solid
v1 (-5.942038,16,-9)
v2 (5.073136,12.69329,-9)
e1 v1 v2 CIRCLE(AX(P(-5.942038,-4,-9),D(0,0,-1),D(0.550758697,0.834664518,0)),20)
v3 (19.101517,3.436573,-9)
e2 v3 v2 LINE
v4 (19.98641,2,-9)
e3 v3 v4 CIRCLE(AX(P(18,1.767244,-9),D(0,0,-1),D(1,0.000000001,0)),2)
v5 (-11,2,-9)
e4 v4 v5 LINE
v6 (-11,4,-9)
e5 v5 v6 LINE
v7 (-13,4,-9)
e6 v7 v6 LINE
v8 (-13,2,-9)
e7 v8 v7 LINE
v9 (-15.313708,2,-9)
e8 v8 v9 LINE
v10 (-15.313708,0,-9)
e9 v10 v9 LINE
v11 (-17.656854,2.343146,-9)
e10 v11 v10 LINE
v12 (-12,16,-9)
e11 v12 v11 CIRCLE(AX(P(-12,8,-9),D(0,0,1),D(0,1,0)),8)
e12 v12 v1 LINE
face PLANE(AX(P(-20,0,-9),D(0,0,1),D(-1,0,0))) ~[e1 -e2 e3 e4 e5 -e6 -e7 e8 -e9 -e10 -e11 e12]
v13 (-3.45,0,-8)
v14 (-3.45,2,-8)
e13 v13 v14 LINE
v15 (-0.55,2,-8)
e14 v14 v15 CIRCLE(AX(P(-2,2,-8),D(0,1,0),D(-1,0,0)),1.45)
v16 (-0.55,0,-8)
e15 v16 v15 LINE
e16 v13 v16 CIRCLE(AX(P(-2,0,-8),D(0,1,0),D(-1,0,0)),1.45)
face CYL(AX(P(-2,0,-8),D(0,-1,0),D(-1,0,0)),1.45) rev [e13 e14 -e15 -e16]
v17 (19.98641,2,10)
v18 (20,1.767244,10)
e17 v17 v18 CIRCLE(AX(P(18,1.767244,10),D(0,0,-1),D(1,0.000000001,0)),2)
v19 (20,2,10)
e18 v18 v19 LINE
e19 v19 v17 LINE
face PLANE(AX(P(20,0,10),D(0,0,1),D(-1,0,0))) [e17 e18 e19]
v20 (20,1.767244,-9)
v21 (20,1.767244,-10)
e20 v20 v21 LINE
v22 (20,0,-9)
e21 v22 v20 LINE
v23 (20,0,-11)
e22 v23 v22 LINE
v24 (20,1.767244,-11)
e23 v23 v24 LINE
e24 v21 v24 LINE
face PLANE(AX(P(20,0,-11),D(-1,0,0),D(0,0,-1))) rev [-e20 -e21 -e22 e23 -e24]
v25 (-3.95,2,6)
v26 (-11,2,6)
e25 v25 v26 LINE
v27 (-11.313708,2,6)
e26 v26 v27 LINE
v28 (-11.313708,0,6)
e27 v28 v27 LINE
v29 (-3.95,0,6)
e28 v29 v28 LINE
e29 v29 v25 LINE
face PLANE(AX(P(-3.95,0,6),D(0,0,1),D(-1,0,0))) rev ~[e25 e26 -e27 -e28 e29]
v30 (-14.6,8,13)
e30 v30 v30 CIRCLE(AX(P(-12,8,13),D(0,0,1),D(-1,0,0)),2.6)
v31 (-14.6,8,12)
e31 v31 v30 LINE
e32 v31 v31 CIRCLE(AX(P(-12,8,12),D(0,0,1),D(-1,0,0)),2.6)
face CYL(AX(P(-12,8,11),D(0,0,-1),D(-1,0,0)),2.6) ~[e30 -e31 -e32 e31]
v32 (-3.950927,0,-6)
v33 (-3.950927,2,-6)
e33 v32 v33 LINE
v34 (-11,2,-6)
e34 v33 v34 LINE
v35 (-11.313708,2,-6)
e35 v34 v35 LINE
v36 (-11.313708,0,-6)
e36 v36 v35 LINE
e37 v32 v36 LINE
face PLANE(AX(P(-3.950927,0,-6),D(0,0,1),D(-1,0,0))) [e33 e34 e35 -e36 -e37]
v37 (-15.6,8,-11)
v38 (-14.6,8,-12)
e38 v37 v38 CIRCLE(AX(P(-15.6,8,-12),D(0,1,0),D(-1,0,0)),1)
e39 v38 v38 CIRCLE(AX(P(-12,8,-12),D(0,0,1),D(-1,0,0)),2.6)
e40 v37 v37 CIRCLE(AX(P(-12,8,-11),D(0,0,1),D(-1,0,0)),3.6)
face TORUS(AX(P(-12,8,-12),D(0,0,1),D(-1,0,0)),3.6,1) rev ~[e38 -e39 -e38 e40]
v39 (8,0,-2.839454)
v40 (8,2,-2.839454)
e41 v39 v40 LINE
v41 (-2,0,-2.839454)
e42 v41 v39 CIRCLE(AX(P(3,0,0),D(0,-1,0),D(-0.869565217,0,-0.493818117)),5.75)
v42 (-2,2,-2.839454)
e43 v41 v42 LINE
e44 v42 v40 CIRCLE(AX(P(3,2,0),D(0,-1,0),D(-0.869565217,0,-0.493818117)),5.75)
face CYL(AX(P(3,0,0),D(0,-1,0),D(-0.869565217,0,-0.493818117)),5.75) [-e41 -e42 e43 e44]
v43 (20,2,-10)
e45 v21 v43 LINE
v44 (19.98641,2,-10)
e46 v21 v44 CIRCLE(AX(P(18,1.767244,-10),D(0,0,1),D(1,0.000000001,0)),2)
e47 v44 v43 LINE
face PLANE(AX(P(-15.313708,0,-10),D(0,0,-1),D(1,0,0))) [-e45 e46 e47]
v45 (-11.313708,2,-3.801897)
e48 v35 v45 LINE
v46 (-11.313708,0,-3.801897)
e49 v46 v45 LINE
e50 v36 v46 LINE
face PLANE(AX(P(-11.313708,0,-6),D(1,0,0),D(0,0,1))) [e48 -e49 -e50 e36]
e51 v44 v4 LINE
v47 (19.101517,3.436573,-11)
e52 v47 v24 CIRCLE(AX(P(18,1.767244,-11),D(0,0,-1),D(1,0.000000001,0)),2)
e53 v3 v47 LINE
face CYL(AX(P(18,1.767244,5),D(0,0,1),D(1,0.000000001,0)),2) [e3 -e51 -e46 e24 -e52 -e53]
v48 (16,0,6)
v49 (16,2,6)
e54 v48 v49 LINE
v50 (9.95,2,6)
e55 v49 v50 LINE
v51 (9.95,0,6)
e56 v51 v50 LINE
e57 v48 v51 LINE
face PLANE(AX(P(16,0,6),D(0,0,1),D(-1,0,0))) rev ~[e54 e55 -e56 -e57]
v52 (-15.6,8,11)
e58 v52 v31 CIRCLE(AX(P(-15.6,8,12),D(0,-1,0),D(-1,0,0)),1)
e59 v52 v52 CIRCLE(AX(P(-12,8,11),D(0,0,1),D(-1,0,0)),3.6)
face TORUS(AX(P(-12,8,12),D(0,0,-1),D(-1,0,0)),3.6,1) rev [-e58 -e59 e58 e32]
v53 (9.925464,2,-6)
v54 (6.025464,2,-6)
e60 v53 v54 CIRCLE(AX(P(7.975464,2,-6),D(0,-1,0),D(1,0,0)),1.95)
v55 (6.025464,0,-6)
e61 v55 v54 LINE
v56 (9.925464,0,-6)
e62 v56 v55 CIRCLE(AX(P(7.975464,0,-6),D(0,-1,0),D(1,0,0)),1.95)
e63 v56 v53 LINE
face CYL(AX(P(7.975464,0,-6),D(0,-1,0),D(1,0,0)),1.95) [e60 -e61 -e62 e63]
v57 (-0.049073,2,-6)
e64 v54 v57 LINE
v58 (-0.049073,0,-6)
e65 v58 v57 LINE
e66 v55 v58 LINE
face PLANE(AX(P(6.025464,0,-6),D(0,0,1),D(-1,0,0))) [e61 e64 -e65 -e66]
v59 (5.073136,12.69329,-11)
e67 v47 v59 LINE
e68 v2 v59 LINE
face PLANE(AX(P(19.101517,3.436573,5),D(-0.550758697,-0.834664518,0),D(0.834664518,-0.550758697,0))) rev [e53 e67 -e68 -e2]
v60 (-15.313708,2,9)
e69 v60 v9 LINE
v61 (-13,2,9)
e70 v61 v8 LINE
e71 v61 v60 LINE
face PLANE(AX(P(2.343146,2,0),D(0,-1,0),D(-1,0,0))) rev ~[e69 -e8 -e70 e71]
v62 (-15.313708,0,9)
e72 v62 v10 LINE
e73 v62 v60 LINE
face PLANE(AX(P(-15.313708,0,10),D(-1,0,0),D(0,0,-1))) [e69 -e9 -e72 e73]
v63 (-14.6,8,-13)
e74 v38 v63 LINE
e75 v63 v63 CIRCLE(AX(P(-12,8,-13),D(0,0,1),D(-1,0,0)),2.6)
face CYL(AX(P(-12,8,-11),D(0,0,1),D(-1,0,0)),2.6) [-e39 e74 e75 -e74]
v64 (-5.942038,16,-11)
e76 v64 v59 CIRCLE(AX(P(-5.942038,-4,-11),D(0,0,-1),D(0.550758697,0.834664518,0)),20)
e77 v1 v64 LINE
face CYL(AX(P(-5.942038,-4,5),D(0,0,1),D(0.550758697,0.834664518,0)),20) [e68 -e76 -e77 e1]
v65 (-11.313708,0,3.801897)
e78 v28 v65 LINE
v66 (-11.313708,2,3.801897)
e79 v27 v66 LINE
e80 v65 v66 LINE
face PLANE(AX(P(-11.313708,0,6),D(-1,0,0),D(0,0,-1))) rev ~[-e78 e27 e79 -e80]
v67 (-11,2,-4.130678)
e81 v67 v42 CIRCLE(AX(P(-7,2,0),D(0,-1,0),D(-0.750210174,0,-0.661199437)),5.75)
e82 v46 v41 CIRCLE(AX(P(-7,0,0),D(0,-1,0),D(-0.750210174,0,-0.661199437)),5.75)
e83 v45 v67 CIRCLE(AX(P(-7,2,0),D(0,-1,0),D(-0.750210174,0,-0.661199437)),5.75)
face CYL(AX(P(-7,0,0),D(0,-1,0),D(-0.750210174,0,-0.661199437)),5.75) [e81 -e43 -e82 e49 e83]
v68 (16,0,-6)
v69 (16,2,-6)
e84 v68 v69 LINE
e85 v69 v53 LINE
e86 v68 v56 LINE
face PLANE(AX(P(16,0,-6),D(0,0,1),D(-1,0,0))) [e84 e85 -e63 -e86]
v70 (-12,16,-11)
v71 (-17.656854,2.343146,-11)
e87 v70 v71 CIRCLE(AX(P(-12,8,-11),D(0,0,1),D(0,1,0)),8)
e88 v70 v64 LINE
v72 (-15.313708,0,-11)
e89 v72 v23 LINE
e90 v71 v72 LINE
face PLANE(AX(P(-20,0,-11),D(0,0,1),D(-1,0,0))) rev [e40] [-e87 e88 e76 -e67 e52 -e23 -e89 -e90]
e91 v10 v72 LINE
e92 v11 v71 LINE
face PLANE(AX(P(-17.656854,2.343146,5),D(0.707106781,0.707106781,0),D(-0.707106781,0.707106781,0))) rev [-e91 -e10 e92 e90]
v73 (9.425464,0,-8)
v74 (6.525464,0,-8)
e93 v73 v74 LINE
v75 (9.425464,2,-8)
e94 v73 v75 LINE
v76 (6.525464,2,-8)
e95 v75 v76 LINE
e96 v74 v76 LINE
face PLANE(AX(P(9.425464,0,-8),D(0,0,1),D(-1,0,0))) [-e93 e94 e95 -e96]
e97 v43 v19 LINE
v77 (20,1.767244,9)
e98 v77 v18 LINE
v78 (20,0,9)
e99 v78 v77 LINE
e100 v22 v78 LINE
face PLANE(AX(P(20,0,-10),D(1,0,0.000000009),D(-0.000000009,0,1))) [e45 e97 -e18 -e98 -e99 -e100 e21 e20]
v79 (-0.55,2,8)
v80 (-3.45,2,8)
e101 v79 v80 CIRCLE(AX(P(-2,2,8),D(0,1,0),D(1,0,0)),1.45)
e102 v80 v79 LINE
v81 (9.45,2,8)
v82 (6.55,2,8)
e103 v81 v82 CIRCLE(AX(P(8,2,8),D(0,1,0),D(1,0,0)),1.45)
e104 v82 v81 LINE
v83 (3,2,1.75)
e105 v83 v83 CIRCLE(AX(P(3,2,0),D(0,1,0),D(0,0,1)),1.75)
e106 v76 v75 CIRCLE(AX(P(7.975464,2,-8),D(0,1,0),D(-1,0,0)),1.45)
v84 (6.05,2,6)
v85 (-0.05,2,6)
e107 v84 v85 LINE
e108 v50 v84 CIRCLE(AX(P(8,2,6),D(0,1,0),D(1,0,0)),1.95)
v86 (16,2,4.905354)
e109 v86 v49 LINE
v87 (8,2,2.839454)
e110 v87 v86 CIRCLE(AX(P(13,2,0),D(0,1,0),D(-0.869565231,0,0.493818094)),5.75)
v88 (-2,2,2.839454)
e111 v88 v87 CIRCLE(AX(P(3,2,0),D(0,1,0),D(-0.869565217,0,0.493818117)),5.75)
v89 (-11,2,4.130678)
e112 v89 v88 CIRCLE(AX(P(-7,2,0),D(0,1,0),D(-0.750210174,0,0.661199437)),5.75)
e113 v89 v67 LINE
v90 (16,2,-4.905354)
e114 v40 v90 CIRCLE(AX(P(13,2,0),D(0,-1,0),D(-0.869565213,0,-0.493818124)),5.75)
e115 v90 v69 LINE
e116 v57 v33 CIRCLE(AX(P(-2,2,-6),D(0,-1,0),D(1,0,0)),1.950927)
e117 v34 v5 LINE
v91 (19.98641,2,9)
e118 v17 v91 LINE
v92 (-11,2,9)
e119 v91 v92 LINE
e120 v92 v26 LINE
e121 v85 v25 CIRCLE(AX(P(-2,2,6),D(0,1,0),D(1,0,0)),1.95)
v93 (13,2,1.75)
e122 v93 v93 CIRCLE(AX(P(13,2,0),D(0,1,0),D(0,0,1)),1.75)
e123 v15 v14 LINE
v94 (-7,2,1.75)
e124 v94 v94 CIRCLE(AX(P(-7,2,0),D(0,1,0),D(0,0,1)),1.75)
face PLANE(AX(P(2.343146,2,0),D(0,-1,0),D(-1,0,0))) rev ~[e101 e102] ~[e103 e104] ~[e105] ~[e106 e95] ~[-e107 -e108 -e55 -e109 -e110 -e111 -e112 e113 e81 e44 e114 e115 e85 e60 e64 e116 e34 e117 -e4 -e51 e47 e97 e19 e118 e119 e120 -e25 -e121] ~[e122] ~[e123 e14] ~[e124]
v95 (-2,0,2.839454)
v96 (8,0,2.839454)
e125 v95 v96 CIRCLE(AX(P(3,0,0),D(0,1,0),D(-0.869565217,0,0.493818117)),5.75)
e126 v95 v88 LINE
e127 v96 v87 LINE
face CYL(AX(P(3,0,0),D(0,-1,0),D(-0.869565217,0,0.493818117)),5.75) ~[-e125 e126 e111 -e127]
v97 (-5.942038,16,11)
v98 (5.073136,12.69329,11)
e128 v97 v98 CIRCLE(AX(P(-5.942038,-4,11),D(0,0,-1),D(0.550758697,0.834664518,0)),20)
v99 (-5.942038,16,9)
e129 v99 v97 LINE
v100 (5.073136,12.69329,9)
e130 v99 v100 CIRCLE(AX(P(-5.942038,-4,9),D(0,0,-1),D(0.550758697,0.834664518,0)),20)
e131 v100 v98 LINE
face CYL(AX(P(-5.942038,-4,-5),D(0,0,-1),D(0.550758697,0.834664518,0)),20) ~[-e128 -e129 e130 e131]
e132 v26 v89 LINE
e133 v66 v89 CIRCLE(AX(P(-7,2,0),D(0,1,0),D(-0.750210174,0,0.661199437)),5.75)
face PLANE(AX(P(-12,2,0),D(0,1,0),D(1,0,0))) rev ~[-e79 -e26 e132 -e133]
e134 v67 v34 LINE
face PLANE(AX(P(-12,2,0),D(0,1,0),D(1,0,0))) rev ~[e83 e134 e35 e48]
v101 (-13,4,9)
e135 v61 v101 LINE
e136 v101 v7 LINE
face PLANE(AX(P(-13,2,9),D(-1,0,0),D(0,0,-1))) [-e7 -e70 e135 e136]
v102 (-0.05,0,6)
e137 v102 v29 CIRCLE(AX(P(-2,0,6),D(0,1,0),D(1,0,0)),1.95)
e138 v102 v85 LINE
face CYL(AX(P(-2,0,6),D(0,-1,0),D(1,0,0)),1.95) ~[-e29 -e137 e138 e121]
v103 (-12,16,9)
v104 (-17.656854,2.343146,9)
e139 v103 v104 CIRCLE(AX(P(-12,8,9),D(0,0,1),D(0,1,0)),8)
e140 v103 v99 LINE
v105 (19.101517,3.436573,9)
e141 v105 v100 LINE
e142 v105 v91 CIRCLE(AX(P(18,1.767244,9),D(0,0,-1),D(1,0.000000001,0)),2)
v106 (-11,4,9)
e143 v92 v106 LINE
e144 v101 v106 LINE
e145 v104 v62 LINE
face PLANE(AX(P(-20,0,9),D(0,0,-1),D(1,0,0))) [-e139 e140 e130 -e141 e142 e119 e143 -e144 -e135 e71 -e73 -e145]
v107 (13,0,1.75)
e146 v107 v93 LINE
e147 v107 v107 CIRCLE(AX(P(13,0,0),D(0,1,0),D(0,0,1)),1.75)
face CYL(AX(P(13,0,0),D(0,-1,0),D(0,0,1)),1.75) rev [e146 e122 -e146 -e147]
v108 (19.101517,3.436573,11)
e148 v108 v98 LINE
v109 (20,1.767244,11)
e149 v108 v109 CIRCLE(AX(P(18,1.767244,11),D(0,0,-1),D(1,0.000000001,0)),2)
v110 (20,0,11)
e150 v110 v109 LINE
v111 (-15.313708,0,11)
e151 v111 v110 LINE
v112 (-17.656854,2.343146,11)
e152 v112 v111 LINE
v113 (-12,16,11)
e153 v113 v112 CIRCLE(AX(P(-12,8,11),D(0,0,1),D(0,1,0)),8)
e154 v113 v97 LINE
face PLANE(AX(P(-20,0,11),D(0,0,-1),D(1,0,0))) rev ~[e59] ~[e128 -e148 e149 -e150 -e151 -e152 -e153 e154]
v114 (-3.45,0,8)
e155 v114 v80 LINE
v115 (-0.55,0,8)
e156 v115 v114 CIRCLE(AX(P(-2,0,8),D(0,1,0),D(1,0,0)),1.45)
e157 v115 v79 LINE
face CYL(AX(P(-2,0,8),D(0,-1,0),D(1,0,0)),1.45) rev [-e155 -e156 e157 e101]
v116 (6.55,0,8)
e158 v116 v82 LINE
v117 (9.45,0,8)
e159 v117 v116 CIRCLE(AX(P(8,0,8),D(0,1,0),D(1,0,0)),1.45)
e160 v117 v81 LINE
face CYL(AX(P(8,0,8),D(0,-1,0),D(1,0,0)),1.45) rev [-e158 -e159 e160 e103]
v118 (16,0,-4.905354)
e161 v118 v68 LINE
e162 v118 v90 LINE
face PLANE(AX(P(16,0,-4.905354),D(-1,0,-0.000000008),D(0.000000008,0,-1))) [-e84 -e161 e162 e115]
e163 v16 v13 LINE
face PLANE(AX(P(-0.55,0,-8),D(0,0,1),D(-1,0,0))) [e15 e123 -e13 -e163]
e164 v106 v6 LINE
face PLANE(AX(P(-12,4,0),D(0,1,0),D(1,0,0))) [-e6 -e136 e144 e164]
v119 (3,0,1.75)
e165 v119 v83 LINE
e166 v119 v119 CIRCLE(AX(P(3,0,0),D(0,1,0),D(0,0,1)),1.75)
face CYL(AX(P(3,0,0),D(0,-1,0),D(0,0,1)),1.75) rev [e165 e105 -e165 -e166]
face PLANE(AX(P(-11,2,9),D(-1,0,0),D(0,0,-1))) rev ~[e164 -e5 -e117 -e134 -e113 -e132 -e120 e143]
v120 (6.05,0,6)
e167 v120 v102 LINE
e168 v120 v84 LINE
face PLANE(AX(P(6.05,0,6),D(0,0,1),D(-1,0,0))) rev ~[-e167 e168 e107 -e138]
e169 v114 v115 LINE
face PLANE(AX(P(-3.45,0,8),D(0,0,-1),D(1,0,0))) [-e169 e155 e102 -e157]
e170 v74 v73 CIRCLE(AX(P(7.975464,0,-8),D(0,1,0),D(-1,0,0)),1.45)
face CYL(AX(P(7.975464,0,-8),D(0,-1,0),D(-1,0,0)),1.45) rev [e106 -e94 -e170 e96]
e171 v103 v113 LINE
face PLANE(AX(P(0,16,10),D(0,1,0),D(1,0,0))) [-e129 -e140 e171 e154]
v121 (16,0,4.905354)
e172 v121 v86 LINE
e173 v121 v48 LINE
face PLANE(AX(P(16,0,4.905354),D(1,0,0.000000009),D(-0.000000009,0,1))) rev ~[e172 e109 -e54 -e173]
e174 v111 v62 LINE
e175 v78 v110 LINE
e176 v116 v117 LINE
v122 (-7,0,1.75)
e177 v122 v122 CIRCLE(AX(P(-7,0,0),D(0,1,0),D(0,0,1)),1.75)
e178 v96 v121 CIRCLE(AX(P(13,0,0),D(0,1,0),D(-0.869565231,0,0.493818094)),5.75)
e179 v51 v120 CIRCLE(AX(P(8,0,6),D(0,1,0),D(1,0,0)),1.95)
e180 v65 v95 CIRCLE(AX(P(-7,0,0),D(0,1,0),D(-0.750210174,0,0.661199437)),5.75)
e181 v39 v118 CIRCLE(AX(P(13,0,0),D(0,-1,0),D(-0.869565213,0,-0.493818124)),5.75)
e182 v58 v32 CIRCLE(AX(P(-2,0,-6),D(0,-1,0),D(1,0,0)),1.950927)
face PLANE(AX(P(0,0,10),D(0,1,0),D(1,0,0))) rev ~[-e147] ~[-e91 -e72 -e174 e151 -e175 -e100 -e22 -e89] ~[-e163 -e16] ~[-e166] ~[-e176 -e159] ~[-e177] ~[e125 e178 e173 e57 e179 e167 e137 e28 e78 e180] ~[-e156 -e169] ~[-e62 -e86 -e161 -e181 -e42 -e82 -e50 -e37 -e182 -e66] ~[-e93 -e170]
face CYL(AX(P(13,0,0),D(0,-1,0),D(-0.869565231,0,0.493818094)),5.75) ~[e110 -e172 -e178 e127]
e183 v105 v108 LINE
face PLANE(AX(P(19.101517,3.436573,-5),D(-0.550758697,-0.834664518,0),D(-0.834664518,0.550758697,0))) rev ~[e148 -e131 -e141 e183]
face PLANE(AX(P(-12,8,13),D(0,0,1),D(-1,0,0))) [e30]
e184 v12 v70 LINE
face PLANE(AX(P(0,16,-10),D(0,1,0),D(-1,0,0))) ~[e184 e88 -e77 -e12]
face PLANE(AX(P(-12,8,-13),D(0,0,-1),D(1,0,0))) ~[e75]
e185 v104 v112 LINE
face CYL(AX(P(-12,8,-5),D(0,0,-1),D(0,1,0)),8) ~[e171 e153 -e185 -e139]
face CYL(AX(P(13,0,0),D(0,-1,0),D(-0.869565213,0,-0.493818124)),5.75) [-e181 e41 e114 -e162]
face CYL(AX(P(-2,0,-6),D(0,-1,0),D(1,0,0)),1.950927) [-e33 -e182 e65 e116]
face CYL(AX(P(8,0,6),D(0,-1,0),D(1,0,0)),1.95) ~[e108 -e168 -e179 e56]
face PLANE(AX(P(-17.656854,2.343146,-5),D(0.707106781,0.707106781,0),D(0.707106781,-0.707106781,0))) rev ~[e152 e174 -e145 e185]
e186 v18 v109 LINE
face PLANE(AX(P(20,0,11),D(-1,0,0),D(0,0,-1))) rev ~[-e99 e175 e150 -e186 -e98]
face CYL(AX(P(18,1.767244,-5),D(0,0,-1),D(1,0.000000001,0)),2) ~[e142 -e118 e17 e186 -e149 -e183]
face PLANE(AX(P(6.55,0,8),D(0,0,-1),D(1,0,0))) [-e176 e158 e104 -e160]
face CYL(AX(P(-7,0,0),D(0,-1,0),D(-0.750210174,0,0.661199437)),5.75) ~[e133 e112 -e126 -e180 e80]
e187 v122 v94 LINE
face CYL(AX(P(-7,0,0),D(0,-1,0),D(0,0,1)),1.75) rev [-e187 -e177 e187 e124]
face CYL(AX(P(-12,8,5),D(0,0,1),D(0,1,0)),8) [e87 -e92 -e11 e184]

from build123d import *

# Parameters (mm, degrees)
SKETCH6_W               = 40
SKETCH6_H               = 2
BOSS_EXTRUDE4_DEPTH     = 16
SKETCH8_R               = 2.6
BOSS_EXTRUDE5_DEPTH     = 2
FILLET1_R               = 1
CUT_EXTRUDE1_DEPTH      = 26.690465157
CUT_EXTRUDE1_DEPTH_BACK = 16
SKETCH7_W               = 42.708590122
SKETCH7_H               = 18.182038554
SKETCH14_R              = 1.749999912
SKETCH14_R_2            = 1.749999996
SKETCH14_R_3            = 1.749999993
BOSS_EXTRUDE8_DEPTH     = 2
SKETCH15_W              = 2
SKETCH15_H              = 18
EXTRUDE_THIN1_DEPTH     = 2


with BuildPart() as part:
    # Sketch6 → Boss-Extrude4 (new body)
    with BuildSketch(Plane(origin=(0, 0, 0), x_dir=(1, 0, 0), z_dir=(0, 1, 0))):
        with Locations((0, -10)):
            Rectangle(SKETCH6_W, SKETCH6_H)
    extrude(amount=BOSS_EXTRUDE4_DEPTH)

    # Sketch8 → Boss-Extrude5 (add)
    with BuildSketch(Plane.XY.offset(11)):
        with Locations(Location((-12, 8, 0), (0, 0, 180))):
            Circle(SKETCH8_R)
    extrude(amount=BOSS_EXTRUDE5_DEPTH)

    # Fillet1
    fillet1_edges = [part.edges().sort_by_distance(p)[0] for p in [
        (-9.4, 8, 11),
    ]]
    fillet(fillet1_edges, radius=FILLET1_R)

    # Sketch7 → Cut-Extrude1 (cut, two sides: drawn at the far end of the back side and taken through both)
    with BuildSketch(Plane.XY.offset(11).offset(-CUT_EXTRUDE1_DEPTH_BACK)):
        with Locations((0, 8)):
            Rectangle(SKETCH7_W, SKETCH7_H)
        with BuildLine():
            Line((-5.942038411, 16), (-12, 16))
            ThreePointArc((-12, 16), (-19.39103626, 11.061467459), (-17.656854249, 2.343145751))
            Line((-17.656854249, 2.343145751), (-15.313708499, 0))
            Line((-15.313708499, 0), (20, 0))
            Line((20, 0), (20, 1.767244224))
            ThreePointArc((20, 1.767244224), (19.761112544, 2.715127447), (19.101517394, 3.43657326))
            Line((19.101517394, 3.43657326), (5.07313553, 12.69329036))
            ThreePointArc((5.07313553, 12.69329036), (-0.191638738, 15.155492779), (-5.942038411, 16))
        make_face(mode=Mode.SUBTRACT)
    extrude(amount=CUT_EXTRUDE1_DEPTH + CUT_EXTRUDE1_DEPTH_BACK, mode=Mode.SUBTRACT)


with BuildPart() as body_2:
    # Mirror2: mirrored copy
    add(part.part.mirror(Plane.XY))


with BuildPart() as part_1:
    add(part.part)

    add(body_2.part)  # Boss-Extrude8 merges body 2
    # Sketch14 → Boss-Extrude8 (add)
    with BuildSketch(Plane(origin=(0, 0, 0), x_dir=(1, 0, 0), z_dir=(0, 1, 0))):
        Polygon((-15.313708496, -10), (-15.313708496, 10), (20.000000038, 10), (19.999999862, -10), align=None)
        with Locations(Location((12.999999996, -3e-07, 0), (0, 0, 270))):
            Circle(SKETCH14_R, mode=Mode.SUBTRACT)
        with Locations(Location((3, -1.24e-07, 0), (0, 0, 270))):
            Circle(SKETCH14_R_2, mode=Mode.SUBTRACT)
        with Locations(Location((-6.999999997, -1.24e-07, 0), (0, 0, 270))):
            Circle(SKETCH14_R_3, mode=Mode.SUBTRACT)
        with BuildLine():
            Line((16.000000003, 6), (9.925463662, 6))
            ThreePointArc((9.925463662, 6), (7.975463662, 4.05), (6.025463662, 6))
            Line((6.025463662, 6), (-0.049072678, 6))
            ThreePointArc((-0.049072678, 6), (-1.999999996, 4.049072682), (-3.950927314, 6))
            Line((-3.950927314, 6), (-11.313708496, 6))
            Line((-11.313708496, 6), (-11.313708496, 3.801896638))
            ThreePointArc((-11.313708496, 3.801896638), (-6.408964515, 5.719543307), (-1.999999996, 2.839454047))
            ThreePointArc((-1.999999996, 2.839454047), (3.000000101, 5.749999872), (8.000000096, 2.83945387))
            ThreePointArc((8.000000096, 2.83945387), (11.562298515, 5.567361143), (15.999999994, 4.905353815))
            Line((15.999999994, 4.905353815), (16.000000003, 6))
        make_face(mode=Mode.SUBTRACT)
        with BuildLine():
            Line((-11.313708496, -6), (-11.313708496, -3.801896885))
            ThreePointArc((-11.313708496, -3.801896885), (-6.408964515, -5.719543555), (-1.999999996, -2.839454295))
            ThreePointArc((-1.999999996, -2.839454295), (3, -5.75000012), (7.999999996, -2.839454295))
            ThreePointArc((7.999999996, -2.839454295), (11.562298368, -5.567361705), (15.999999907, -4.905354469))
            Line((15.999999907, -4.905354469), (15.999999897, -6))
            Line((15.999999897, -6), (9.949999996, -6))
            ThreePointArc((9.949999996, -6), (7.999999996, -4.05), (6.049999996, -6))
            Line((6.049999996, -6), (-0.049999996, -6))
            ThreePointArc((-0.049999996, -6), (-1.999999996, -4.05), (-3.949999996, -6))
            Line((-3.949999996, -6), (-11.313708496, -6))
        make_face(mode=Mode.SUBTRACT)
        with BuildLine():
            Line((9.425463662, 8), (6.525463662, 8))
            ThreePointArc((6.525463662, 8), (7.975463662, 6.55), (9.425463662, 8))
        make_face(mode=Mode.SUBTRACT)
        with BuildLine():
            Line((-3.449999996, -8), (-0.549999996, -8))
            ThreePointArc((-0.549999996, -8), (-1.999999996, -6.55), (-3.449999996, -8))
        make_face(mode=Mode.SUBTRACT)
        with BuildLine():
            Line((-0.549999996, 8), (-3.449999996, 8))
            ThreePointArc((-3.449999996, 8), (-1.999999996, 6.55), (-0.549999996, 8))
        make_face(mode=Mode.SUBTRACT)
        with BuildLine():
            Line((6.549999996, -8), (9.449999996, -8))
            ThreePointArc((9.449999996, -8), (7.999999996, -6.55), (6.549999996, -8))
        make_face(mode=Mode.SUBTRACT)
    extrude(amount=BOSS_EXTRUDE8_DEPTH)

    # Sketch15 → Extrude-Thin1 (add)
    with BuildSketch(Plane(origin=(0, 2, 0), x_dir=(1, 0, 0), z_dir=(0, 1, 0))):
        with Locations((-12, 0)):
            Rectangle(SKETCH15_W, SKETCH15_H)
    extrude(amount=EXTRUDE_THIN1_DEPTH)


solid = part_1.part
